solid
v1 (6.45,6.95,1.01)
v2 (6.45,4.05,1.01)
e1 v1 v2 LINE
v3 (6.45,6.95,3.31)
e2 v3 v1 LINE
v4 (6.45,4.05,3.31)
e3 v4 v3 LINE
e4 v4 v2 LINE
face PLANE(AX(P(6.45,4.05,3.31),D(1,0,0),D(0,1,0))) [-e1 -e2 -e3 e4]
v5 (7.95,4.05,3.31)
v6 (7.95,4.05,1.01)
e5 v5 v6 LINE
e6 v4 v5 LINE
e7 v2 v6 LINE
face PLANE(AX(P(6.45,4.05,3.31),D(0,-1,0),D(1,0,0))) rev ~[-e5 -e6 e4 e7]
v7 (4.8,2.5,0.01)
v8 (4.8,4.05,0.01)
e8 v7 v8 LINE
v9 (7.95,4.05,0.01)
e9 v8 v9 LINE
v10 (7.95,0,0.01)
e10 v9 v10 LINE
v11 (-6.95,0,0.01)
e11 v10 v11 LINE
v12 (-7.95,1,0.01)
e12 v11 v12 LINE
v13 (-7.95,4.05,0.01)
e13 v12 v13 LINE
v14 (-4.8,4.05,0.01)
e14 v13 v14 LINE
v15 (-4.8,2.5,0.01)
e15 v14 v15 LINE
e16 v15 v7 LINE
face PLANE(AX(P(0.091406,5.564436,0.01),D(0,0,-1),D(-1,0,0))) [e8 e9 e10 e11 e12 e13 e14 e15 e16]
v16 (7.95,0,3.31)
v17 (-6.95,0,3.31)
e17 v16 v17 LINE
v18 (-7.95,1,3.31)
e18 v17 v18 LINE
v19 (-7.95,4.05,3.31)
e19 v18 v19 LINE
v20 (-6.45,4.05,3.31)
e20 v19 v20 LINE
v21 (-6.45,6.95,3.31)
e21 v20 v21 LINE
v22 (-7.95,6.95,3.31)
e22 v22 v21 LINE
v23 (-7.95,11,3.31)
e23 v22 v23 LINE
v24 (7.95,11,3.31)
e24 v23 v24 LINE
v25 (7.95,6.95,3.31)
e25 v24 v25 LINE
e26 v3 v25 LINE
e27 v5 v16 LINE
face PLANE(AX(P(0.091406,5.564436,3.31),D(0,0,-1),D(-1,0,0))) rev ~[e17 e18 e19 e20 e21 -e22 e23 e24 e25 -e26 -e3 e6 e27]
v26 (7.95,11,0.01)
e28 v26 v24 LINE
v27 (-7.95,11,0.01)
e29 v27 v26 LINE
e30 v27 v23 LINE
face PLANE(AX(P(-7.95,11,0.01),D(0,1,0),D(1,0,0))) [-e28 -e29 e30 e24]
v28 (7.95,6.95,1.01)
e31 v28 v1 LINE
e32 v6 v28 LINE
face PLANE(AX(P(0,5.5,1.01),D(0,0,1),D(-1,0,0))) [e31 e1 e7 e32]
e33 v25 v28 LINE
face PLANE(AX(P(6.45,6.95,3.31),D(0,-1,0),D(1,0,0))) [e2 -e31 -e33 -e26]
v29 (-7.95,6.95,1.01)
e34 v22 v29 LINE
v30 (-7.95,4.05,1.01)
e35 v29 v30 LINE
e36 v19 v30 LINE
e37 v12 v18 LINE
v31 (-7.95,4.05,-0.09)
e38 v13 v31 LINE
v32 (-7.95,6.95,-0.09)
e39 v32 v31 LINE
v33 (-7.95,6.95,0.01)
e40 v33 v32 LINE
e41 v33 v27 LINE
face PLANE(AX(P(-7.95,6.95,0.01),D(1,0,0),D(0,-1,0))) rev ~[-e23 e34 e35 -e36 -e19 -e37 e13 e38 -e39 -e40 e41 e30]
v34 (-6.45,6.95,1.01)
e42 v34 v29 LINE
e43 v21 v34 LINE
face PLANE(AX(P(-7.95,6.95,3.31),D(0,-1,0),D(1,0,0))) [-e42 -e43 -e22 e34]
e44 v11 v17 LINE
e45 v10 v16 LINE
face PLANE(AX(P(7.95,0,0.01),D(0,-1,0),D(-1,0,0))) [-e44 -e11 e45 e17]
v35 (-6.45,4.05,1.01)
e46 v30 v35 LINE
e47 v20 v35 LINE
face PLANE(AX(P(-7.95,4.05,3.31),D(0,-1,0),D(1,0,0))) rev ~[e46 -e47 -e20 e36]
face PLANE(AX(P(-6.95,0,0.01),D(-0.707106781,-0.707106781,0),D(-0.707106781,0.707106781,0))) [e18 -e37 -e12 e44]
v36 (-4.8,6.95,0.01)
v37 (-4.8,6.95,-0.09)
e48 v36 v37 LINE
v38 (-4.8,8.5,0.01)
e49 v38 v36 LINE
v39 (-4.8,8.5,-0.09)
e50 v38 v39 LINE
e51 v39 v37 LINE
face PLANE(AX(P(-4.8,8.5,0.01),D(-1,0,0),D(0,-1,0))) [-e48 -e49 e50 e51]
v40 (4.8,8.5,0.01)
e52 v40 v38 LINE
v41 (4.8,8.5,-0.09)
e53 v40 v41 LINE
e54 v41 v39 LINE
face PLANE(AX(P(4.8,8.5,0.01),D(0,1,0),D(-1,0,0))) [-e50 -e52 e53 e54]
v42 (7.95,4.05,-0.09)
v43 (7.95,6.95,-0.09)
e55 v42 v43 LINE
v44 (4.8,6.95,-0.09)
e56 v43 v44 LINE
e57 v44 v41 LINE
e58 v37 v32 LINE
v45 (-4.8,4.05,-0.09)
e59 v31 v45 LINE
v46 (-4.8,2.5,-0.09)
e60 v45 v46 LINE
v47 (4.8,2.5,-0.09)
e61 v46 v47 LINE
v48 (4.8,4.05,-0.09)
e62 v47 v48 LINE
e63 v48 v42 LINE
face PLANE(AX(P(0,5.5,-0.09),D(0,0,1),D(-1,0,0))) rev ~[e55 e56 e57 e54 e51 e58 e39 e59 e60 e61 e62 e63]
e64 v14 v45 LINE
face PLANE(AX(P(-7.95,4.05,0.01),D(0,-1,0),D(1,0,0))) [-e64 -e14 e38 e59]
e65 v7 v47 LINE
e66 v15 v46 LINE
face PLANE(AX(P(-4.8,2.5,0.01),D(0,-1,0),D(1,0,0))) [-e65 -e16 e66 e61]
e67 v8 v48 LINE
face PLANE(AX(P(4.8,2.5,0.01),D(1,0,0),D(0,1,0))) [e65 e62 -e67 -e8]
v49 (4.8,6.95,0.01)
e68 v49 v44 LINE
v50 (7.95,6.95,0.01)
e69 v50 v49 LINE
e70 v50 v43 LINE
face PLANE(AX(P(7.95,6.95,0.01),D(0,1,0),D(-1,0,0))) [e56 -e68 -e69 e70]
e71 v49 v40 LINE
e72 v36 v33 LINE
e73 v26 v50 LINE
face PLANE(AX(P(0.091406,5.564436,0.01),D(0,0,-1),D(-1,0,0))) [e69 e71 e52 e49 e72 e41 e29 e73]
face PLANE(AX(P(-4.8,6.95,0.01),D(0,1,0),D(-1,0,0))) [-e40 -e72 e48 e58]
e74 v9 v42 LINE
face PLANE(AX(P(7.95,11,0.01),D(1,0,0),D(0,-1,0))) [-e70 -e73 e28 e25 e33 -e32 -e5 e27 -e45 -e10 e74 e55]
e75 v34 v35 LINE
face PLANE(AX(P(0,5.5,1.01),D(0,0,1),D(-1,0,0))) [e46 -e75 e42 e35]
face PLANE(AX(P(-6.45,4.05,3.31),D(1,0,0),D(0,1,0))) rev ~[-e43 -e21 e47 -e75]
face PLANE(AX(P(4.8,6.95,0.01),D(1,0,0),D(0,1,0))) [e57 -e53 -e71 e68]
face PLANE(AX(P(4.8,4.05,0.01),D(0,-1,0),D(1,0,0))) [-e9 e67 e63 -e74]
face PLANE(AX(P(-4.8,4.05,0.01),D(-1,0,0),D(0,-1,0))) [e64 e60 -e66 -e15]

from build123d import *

# Parameters (mm, degrees)
PAD001_DEPTH      = 3.3
SKETCH002_W       = 1.5
SKETCH002_H       = 2.9
POCKET_DEPTH      = 5
PAD002_DEPTH      = 0.1
PAD002_DEPTH_BACK = 1


with BuildPart() as part:
    # Sketch001 → Pad001 (new body)
    with BuildSketch(Plane.XY.offset(0.01)):
        Polygon((-7.95, 11), (7.95, 11), (7.95, 0), (-6.95, 0), (-7.95, 1), align=None)
    extrude(amount=PAD001_DEPTH)

    # Sketch002 → Pocket (cut)
    with BuildSketch(Plane.XY.offset(3.31)):
        with Locations((-7.2, 5.5)):
            Rectangle(SKETCH002_W, SKETCH002_H)
        with Locations((7.2, 5.5)):
            Rectangle(SKETCH002_W, SKETCH002_H)
    extrude(amount=-POCKET_DEPTH, mode=Mode.SUBTRACT)

    # Sketch003 → Pad002 (new body, two sides)
    with BuildSketch(Plane(origin=(0, 0, 0.01), x_dir=(1, 0, 0), z_dir=(0, 0, -1))) as pad002_sk:
        Polygon((-7.95, -6.95), (-7.95, -4.05), (-4.8, -4.05), (-4.8, -2.5), (4.8, -2.5), (4.8, -4.05), (7.95, -4.05), (7.95, -6.95), (4.8, -6.95), (4.8, -8.5), (-4.8, -8.5), (-4.8, -6.95), align=None)
    extrude(amount=PAD002_DEPTH)
    extrude(pad002_sk.sketch, amount=-PAD002_DEPTH_BACK)


solid = part.part
